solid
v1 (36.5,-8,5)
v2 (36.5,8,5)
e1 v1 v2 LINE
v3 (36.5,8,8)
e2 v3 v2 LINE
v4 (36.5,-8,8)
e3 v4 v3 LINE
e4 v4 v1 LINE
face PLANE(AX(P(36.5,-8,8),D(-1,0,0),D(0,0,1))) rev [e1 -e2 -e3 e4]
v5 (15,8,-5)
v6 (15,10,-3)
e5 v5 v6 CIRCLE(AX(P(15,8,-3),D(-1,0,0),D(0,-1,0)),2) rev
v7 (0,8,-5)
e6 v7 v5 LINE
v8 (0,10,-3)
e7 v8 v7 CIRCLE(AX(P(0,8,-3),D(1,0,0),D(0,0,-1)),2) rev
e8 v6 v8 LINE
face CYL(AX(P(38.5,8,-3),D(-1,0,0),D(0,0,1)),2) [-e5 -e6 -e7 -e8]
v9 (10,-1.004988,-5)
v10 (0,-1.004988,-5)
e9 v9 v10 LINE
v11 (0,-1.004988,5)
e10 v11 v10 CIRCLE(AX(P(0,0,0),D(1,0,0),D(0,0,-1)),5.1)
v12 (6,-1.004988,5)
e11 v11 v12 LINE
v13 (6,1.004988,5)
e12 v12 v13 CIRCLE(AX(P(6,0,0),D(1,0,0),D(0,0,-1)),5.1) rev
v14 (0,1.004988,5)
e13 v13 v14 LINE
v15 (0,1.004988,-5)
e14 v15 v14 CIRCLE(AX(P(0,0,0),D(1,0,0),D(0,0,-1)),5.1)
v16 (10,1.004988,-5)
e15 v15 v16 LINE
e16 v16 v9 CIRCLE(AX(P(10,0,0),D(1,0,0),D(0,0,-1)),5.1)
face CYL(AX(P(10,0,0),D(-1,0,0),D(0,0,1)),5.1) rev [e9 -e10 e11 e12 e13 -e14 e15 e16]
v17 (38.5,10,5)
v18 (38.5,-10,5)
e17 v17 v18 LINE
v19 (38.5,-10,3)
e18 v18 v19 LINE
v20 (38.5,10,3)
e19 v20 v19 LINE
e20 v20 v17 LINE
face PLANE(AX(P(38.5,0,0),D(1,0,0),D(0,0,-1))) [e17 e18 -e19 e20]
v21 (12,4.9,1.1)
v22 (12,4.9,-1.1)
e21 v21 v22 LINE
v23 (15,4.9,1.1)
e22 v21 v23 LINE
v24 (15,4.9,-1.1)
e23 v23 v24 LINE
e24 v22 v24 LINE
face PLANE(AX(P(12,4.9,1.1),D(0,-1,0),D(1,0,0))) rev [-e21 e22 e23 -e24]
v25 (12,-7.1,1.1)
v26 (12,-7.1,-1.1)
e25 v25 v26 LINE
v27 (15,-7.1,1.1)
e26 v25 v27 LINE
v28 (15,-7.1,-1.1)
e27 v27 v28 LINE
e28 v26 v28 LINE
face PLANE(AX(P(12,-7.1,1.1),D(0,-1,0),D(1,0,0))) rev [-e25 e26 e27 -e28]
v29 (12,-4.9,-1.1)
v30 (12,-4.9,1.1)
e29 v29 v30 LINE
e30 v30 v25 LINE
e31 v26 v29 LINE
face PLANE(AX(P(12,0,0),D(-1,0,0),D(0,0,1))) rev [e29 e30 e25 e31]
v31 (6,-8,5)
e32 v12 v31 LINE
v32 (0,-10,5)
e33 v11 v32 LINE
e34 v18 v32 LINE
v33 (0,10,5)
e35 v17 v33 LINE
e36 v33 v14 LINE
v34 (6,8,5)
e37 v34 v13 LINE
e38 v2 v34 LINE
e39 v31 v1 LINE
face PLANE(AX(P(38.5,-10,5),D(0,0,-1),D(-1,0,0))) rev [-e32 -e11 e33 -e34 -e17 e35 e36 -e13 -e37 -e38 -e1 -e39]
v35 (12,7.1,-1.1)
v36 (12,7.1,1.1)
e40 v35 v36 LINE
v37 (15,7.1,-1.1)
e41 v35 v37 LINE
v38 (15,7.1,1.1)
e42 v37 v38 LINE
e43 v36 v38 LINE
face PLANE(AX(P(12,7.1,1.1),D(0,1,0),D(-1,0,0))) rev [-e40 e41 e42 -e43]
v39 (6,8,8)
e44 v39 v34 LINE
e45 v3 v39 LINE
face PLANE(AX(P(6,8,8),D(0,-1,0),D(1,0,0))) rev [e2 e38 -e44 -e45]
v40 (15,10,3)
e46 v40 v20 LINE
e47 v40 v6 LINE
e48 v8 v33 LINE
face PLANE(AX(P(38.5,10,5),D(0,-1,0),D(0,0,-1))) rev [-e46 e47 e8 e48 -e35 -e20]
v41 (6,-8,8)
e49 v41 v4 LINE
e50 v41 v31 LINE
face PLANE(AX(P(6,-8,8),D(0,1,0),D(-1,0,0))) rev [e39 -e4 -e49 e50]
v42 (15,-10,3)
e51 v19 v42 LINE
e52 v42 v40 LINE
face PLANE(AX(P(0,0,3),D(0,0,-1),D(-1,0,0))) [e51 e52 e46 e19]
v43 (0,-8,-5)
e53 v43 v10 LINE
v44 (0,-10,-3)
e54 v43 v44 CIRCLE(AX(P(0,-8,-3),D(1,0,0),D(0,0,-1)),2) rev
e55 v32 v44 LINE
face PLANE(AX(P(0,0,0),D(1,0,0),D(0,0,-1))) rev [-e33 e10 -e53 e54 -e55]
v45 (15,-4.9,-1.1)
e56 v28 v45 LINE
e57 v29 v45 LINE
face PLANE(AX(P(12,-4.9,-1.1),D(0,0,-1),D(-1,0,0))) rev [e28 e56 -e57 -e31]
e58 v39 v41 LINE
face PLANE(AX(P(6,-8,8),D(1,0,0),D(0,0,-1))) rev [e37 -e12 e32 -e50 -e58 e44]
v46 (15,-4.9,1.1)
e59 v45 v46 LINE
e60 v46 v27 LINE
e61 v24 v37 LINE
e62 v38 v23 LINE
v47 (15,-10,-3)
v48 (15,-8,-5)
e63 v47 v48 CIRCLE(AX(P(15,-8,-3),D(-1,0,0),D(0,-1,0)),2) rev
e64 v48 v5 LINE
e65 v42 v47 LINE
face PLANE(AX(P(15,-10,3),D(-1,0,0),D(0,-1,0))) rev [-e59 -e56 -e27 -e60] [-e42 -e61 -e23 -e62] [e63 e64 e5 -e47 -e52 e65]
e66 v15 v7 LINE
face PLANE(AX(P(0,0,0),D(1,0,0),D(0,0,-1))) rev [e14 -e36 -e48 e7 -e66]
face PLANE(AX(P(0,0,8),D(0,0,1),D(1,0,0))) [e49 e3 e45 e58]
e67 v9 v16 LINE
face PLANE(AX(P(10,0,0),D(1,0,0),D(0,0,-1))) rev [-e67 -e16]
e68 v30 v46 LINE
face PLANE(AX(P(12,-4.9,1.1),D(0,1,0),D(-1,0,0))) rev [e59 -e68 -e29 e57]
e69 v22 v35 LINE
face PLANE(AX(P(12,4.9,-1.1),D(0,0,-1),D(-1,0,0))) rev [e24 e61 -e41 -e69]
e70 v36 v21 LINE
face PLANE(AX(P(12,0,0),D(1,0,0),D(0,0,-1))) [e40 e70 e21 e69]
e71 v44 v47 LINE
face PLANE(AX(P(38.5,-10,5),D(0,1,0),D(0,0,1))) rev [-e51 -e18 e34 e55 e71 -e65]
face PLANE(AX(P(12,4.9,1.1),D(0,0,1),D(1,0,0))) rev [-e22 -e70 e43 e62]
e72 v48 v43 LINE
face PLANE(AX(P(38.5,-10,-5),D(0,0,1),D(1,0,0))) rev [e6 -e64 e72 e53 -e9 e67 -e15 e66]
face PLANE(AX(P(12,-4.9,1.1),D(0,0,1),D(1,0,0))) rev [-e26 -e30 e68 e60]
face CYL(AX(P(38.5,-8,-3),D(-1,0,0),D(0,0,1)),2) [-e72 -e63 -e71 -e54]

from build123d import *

# Parameters (mm, degrees)
SKETCH1_W           = 20
SKETCH1_H           = 10
BOSS_EXTRUDE1_DEPTH = 38.5
SKETCH5_W           = 16
SKETCH5_H           = 30.5
BOSS_EXTRUDE2_DEPTH = 8
SKETCH2_R           = 5.1
CUT_EXTRUDE3_DEPTH  = 10
FILLET1_R           = 2
SKETCH6_W           = 23.5
SKETCH6_H           = 20
CUT_EXTRUDE4_DEPTH  = 8
SKETCH7_W           = 2.2
SKETCH7_H           = 2.2
CUT_EXTRUDE5_DEPTH  = 3


with BuildPart() as part:
    # Sketch1 → Boss-Extrude1 (new body)
    with BuildSketch(Plane.YZ):
        Rectangle(SKETCH1_W, SKETCH1_H)
    extrude(amount=BOSS_EXTRUDE1_DEPTH)

    # Sketch5 → Boss-Extrude2 (add)
    with BuildSketch(Plane(origin=(0, 0, 0), x_dir=(0, 1, 0), z_dir=(0, 0, 1))):
        with Locations((0, -21.25)):
            Rectangle(SKETCH5_W, SKETCH5_H)
    extrude(amount=BOSS_EXTRUDE2_DEPTH)

    # Sketch2 → Cut-Extrude3 (cut)
    with BuildSketch(Plane.YZ):
        Circle(SKETCH2_R)
    extrude(amount=CUT_EXTRUDE3_DEPTH, mode=Mode.SUBTRACT)

    # Fillet1
    fillet1_edges = [part.edges().sort_by_distance(p)[0] for p in [
        (19.25, 10, -5),
        (19.25, -10, -5),
    ]]
    fillet(fillet1_edges, radius=FILLET1_R)

    # Sketch6 → Cut-Extrude4 (cut)
    with BuildSketch(Plane(origin=(0, 0, -5), x_dir=(1, 0, 0), z_dir=(0, 0, -1))):
        with Locations((26.75, 0)):
            Rectangle(SKETCH6_W, SKETCH6_H)
    extrude(amount=-CUT_EXTRUDE4_DEPTH, mode=Mode.SUBTRACT)

    # Sketch7 → Cut-Extrude5 (cut)
    with BuildSketch(Plane.YZ.offset(15)):
        with Locations((6, 0)):
            Rectangle(SKETCH7_W, SKETCH7_H)
        with Locations((-6, 0)):
            Rectangle(SKETCH7_W, SKETCH7_H)
    extrude(amount=-CUT_EXTRUDE5_DEPTH, mode=Mode.SUBTRACT)


solid = part.part
